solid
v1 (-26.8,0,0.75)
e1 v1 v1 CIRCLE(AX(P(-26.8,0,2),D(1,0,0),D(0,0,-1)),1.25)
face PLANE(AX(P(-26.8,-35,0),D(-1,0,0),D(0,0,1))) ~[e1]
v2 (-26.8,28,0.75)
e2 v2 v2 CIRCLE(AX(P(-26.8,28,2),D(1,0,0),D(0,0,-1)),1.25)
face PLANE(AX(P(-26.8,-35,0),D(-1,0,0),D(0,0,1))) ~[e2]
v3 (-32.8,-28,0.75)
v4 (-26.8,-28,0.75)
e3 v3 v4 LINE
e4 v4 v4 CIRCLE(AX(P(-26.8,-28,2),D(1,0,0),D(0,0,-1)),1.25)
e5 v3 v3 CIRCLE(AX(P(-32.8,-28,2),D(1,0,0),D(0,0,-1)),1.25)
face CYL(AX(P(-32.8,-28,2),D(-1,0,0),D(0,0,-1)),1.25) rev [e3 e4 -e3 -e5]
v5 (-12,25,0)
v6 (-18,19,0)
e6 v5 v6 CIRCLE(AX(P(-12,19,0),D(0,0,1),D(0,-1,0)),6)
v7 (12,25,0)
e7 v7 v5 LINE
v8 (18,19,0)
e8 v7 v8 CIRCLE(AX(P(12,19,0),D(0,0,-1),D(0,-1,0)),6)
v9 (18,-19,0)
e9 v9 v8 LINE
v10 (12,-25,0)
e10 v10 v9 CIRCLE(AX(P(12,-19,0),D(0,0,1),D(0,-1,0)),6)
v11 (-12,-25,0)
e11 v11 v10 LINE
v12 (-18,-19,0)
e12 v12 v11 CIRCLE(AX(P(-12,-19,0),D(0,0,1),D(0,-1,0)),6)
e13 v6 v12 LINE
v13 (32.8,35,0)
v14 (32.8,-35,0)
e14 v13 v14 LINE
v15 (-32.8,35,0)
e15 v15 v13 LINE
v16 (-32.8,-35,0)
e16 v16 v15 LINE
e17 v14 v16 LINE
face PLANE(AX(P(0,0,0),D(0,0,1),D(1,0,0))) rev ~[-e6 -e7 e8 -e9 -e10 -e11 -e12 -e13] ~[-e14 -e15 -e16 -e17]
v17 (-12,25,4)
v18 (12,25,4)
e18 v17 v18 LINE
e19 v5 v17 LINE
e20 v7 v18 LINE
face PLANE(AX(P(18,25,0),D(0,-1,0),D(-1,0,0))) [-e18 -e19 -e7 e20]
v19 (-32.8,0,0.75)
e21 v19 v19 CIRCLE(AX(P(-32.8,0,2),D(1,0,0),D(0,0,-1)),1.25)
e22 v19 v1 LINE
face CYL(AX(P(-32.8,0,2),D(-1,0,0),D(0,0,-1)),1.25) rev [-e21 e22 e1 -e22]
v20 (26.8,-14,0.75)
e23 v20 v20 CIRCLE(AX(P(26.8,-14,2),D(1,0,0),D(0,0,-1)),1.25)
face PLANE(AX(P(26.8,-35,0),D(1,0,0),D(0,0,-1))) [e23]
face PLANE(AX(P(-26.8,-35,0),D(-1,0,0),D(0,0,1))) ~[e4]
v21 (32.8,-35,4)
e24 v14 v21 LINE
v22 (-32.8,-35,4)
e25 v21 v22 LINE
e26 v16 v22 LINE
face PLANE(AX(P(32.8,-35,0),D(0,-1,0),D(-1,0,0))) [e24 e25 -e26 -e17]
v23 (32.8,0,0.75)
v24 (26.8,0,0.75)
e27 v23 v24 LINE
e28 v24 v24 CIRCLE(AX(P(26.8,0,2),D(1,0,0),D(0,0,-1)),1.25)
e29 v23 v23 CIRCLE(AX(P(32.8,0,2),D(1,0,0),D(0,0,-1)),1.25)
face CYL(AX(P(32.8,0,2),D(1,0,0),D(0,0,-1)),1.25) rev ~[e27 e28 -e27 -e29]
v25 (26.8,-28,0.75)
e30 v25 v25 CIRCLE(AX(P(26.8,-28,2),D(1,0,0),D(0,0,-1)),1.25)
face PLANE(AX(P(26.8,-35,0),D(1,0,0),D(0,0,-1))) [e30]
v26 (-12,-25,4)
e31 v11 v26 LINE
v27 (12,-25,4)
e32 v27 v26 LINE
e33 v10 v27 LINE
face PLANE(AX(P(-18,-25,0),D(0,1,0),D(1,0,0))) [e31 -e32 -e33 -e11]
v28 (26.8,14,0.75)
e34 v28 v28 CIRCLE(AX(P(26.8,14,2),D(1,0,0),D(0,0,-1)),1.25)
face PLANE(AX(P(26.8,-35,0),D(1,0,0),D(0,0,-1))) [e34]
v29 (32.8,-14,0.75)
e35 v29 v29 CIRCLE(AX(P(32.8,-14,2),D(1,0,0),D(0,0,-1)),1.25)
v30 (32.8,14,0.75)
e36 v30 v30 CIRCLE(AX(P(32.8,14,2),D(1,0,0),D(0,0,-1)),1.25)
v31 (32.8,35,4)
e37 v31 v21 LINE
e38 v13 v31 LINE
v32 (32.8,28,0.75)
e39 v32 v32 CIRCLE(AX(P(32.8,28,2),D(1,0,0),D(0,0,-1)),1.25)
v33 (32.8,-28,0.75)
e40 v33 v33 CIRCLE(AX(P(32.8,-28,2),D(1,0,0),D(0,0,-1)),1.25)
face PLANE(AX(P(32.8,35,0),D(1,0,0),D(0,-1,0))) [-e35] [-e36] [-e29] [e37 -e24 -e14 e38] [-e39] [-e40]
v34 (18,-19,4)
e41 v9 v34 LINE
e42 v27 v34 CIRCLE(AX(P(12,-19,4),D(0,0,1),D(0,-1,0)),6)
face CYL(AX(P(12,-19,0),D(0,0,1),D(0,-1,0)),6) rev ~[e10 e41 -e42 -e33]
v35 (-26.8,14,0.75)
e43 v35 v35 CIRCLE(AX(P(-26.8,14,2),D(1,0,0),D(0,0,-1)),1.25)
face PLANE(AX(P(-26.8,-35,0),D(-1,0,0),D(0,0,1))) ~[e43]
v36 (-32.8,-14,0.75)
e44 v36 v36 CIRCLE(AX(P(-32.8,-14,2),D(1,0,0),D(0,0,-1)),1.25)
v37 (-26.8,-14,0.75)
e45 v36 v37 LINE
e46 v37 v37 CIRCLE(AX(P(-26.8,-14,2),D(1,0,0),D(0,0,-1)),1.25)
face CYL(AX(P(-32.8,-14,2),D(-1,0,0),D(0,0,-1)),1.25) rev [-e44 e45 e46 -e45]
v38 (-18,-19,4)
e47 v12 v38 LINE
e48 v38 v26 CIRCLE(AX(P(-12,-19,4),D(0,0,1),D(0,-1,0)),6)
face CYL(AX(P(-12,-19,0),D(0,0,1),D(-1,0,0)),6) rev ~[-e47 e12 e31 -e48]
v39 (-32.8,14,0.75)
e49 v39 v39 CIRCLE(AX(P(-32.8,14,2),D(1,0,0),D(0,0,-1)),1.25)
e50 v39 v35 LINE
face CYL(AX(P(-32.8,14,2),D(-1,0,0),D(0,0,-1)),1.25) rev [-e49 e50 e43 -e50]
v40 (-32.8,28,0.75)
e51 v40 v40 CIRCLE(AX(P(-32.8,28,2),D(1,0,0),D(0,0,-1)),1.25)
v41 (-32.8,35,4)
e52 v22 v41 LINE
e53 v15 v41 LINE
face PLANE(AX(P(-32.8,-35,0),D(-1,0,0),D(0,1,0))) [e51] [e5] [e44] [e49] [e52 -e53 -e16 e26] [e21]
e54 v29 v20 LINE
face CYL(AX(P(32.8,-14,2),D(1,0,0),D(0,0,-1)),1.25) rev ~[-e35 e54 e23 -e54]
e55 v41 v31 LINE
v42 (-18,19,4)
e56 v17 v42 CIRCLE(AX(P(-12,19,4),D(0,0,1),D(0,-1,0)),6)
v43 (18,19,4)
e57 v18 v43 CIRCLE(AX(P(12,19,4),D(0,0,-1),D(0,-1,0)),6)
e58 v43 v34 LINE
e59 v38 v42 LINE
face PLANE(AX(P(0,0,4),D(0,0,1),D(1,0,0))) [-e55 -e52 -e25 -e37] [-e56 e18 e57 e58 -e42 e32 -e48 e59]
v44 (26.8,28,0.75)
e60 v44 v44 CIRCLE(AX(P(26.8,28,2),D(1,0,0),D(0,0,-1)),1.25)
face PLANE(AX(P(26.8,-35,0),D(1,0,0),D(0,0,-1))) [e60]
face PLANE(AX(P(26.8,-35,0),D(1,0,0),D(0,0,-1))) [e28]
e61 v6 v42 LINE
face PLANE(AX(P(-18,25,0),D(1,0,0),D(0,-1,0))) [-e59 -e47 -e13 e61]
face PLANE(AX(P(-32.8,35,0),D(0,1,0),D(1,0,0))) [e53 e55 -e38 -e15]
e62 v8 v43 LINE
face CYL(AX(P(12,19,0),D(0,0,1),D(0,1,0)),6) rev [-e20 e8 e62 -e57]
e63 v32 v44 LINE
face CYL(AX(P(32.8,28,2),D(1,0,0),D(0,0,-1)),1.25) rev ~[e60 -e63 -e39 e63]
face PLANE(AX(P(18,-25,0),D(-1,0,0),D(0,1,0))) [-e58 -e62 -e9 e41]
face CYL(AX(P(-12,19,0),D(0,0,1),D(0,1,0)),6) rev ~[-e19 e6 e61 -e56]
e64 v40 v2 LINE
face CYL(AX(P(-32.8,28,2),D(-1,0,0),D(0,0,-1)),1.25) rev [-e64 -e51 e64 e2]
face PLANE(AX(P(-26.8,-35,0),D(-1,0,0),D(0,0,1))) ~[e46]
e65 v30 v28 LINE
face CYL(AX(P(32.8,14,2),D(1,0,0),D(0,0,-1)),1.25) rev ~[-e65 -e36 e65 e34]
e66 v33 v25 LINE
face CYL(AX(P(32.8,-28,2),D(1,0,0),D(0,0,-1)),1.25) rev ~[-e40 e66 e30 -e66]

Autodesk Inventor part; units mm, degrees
ref_plane "YZ Plane" through (0, 0, 0) normal (1, 0, 0) x (0, 1, 0)
ref_plane "XZ Plane" through (0, 0, 0) normal (0, 1, 0) x (-1, 0, 0)
ref_plane "XY Plane" through (0, 0, 0) normal (0, 0, 1) x (1, 0, 0)
sketch "스케치1" plane through (0, 0, 0) normal (0, 0, 1) x (1, 0, 0)
  line L0 (-32.8, 35) -> (32.8, 35)
  line L1 (32.8, 35) -> (32.8, -35)
  line L2 (32.8, -35) -> (-32.8, -35)
  line L3 (-32.8, -35) -> (-32.8, 35)
  line L4 (-32.8, 35) -> (32.8, -35) construction
  line L5 (32.8, 35) -> (-32.8, -35) construction
  point P0 (0, 0)
  dimension "d0" = 65.6
  dimension "d1" = 70
extrude "돌출1" add sketch "스케치1" along normal blind 4
sketch "스케치2" plane through (32.8, -35, 0) normal (1, 0, 0) x (0, 0, -1)
  line L0 (0, 0) -> (0, 70) projected
  line L1 (0, 70) -> (-4, 70) projected
  line L2 (-4, 0) -> (-4, 70) projected
  line L3 (0, 0) -> (-4, 0) projected
  line L4 (0, 70) -> (-4, 70) projected
  line L5 (-2, 70) -> (-2, 0) construction
  line L6 (0, 0) -> (-4, 0) projected
  circle A0 centre (-2, 63) radius 1.25
  circle A1 centre (-2, 49) radius 1.25
  circle A2 centre (-2, 35) radius 1.25
  circle A3 centre (-2, 21) radius 1.25
  circle A4 centre (-2, 7) radius 1.25
  point P0 (0, 35)
  dimension "d4" = 2.5
  dimension "d5" = 2.5
  dimension "d6" = 2.5
  dimension "d8" = 2.5
  dimension "d9" = 2.5
  dimension "d10" = 14
  dimension "d11" = 7
  dimension "d12" = 14
  dimension "d13" = 7
  dimension "d14" = 14
extrude "돌출2" cut sketch "스케치2" against normal blind 6 contours A0 | A1 | A2 | A3 | A4
mirror "미러1" about plane through (0, 0, 0) normal (1, 0, 0) of "돌출2"
sketch "스케치3" plane through (0, 0, 0) normal (0, 0, -1) x (-1, 0, 0)
  line L0 (-18, 25) -> (18, 25)
  line L1 (18, 25) -> (18, -25)
  line L2 (18, -25) -> (-18, -25)
  line L3 (-18, -25) -> (-18, 25)
  line L4 (-18, 25) -> (18, -25) construction
  line L5 (18, 25) -> (-18, -25) construction
  point P0 (0, 0)
  dimension "d19" = 36
  dimension "d20" = 50
extrude "돌출3" cut sketch "스케치3" against normal blind 6
fillet "모깎기1" radius 6 4 edges at (18, 25, 2) (-18, 25, 2) (-18, -25, 2) (18, -25, 2)
properties part number "지지프레임2" material "알루미늄 6061"
